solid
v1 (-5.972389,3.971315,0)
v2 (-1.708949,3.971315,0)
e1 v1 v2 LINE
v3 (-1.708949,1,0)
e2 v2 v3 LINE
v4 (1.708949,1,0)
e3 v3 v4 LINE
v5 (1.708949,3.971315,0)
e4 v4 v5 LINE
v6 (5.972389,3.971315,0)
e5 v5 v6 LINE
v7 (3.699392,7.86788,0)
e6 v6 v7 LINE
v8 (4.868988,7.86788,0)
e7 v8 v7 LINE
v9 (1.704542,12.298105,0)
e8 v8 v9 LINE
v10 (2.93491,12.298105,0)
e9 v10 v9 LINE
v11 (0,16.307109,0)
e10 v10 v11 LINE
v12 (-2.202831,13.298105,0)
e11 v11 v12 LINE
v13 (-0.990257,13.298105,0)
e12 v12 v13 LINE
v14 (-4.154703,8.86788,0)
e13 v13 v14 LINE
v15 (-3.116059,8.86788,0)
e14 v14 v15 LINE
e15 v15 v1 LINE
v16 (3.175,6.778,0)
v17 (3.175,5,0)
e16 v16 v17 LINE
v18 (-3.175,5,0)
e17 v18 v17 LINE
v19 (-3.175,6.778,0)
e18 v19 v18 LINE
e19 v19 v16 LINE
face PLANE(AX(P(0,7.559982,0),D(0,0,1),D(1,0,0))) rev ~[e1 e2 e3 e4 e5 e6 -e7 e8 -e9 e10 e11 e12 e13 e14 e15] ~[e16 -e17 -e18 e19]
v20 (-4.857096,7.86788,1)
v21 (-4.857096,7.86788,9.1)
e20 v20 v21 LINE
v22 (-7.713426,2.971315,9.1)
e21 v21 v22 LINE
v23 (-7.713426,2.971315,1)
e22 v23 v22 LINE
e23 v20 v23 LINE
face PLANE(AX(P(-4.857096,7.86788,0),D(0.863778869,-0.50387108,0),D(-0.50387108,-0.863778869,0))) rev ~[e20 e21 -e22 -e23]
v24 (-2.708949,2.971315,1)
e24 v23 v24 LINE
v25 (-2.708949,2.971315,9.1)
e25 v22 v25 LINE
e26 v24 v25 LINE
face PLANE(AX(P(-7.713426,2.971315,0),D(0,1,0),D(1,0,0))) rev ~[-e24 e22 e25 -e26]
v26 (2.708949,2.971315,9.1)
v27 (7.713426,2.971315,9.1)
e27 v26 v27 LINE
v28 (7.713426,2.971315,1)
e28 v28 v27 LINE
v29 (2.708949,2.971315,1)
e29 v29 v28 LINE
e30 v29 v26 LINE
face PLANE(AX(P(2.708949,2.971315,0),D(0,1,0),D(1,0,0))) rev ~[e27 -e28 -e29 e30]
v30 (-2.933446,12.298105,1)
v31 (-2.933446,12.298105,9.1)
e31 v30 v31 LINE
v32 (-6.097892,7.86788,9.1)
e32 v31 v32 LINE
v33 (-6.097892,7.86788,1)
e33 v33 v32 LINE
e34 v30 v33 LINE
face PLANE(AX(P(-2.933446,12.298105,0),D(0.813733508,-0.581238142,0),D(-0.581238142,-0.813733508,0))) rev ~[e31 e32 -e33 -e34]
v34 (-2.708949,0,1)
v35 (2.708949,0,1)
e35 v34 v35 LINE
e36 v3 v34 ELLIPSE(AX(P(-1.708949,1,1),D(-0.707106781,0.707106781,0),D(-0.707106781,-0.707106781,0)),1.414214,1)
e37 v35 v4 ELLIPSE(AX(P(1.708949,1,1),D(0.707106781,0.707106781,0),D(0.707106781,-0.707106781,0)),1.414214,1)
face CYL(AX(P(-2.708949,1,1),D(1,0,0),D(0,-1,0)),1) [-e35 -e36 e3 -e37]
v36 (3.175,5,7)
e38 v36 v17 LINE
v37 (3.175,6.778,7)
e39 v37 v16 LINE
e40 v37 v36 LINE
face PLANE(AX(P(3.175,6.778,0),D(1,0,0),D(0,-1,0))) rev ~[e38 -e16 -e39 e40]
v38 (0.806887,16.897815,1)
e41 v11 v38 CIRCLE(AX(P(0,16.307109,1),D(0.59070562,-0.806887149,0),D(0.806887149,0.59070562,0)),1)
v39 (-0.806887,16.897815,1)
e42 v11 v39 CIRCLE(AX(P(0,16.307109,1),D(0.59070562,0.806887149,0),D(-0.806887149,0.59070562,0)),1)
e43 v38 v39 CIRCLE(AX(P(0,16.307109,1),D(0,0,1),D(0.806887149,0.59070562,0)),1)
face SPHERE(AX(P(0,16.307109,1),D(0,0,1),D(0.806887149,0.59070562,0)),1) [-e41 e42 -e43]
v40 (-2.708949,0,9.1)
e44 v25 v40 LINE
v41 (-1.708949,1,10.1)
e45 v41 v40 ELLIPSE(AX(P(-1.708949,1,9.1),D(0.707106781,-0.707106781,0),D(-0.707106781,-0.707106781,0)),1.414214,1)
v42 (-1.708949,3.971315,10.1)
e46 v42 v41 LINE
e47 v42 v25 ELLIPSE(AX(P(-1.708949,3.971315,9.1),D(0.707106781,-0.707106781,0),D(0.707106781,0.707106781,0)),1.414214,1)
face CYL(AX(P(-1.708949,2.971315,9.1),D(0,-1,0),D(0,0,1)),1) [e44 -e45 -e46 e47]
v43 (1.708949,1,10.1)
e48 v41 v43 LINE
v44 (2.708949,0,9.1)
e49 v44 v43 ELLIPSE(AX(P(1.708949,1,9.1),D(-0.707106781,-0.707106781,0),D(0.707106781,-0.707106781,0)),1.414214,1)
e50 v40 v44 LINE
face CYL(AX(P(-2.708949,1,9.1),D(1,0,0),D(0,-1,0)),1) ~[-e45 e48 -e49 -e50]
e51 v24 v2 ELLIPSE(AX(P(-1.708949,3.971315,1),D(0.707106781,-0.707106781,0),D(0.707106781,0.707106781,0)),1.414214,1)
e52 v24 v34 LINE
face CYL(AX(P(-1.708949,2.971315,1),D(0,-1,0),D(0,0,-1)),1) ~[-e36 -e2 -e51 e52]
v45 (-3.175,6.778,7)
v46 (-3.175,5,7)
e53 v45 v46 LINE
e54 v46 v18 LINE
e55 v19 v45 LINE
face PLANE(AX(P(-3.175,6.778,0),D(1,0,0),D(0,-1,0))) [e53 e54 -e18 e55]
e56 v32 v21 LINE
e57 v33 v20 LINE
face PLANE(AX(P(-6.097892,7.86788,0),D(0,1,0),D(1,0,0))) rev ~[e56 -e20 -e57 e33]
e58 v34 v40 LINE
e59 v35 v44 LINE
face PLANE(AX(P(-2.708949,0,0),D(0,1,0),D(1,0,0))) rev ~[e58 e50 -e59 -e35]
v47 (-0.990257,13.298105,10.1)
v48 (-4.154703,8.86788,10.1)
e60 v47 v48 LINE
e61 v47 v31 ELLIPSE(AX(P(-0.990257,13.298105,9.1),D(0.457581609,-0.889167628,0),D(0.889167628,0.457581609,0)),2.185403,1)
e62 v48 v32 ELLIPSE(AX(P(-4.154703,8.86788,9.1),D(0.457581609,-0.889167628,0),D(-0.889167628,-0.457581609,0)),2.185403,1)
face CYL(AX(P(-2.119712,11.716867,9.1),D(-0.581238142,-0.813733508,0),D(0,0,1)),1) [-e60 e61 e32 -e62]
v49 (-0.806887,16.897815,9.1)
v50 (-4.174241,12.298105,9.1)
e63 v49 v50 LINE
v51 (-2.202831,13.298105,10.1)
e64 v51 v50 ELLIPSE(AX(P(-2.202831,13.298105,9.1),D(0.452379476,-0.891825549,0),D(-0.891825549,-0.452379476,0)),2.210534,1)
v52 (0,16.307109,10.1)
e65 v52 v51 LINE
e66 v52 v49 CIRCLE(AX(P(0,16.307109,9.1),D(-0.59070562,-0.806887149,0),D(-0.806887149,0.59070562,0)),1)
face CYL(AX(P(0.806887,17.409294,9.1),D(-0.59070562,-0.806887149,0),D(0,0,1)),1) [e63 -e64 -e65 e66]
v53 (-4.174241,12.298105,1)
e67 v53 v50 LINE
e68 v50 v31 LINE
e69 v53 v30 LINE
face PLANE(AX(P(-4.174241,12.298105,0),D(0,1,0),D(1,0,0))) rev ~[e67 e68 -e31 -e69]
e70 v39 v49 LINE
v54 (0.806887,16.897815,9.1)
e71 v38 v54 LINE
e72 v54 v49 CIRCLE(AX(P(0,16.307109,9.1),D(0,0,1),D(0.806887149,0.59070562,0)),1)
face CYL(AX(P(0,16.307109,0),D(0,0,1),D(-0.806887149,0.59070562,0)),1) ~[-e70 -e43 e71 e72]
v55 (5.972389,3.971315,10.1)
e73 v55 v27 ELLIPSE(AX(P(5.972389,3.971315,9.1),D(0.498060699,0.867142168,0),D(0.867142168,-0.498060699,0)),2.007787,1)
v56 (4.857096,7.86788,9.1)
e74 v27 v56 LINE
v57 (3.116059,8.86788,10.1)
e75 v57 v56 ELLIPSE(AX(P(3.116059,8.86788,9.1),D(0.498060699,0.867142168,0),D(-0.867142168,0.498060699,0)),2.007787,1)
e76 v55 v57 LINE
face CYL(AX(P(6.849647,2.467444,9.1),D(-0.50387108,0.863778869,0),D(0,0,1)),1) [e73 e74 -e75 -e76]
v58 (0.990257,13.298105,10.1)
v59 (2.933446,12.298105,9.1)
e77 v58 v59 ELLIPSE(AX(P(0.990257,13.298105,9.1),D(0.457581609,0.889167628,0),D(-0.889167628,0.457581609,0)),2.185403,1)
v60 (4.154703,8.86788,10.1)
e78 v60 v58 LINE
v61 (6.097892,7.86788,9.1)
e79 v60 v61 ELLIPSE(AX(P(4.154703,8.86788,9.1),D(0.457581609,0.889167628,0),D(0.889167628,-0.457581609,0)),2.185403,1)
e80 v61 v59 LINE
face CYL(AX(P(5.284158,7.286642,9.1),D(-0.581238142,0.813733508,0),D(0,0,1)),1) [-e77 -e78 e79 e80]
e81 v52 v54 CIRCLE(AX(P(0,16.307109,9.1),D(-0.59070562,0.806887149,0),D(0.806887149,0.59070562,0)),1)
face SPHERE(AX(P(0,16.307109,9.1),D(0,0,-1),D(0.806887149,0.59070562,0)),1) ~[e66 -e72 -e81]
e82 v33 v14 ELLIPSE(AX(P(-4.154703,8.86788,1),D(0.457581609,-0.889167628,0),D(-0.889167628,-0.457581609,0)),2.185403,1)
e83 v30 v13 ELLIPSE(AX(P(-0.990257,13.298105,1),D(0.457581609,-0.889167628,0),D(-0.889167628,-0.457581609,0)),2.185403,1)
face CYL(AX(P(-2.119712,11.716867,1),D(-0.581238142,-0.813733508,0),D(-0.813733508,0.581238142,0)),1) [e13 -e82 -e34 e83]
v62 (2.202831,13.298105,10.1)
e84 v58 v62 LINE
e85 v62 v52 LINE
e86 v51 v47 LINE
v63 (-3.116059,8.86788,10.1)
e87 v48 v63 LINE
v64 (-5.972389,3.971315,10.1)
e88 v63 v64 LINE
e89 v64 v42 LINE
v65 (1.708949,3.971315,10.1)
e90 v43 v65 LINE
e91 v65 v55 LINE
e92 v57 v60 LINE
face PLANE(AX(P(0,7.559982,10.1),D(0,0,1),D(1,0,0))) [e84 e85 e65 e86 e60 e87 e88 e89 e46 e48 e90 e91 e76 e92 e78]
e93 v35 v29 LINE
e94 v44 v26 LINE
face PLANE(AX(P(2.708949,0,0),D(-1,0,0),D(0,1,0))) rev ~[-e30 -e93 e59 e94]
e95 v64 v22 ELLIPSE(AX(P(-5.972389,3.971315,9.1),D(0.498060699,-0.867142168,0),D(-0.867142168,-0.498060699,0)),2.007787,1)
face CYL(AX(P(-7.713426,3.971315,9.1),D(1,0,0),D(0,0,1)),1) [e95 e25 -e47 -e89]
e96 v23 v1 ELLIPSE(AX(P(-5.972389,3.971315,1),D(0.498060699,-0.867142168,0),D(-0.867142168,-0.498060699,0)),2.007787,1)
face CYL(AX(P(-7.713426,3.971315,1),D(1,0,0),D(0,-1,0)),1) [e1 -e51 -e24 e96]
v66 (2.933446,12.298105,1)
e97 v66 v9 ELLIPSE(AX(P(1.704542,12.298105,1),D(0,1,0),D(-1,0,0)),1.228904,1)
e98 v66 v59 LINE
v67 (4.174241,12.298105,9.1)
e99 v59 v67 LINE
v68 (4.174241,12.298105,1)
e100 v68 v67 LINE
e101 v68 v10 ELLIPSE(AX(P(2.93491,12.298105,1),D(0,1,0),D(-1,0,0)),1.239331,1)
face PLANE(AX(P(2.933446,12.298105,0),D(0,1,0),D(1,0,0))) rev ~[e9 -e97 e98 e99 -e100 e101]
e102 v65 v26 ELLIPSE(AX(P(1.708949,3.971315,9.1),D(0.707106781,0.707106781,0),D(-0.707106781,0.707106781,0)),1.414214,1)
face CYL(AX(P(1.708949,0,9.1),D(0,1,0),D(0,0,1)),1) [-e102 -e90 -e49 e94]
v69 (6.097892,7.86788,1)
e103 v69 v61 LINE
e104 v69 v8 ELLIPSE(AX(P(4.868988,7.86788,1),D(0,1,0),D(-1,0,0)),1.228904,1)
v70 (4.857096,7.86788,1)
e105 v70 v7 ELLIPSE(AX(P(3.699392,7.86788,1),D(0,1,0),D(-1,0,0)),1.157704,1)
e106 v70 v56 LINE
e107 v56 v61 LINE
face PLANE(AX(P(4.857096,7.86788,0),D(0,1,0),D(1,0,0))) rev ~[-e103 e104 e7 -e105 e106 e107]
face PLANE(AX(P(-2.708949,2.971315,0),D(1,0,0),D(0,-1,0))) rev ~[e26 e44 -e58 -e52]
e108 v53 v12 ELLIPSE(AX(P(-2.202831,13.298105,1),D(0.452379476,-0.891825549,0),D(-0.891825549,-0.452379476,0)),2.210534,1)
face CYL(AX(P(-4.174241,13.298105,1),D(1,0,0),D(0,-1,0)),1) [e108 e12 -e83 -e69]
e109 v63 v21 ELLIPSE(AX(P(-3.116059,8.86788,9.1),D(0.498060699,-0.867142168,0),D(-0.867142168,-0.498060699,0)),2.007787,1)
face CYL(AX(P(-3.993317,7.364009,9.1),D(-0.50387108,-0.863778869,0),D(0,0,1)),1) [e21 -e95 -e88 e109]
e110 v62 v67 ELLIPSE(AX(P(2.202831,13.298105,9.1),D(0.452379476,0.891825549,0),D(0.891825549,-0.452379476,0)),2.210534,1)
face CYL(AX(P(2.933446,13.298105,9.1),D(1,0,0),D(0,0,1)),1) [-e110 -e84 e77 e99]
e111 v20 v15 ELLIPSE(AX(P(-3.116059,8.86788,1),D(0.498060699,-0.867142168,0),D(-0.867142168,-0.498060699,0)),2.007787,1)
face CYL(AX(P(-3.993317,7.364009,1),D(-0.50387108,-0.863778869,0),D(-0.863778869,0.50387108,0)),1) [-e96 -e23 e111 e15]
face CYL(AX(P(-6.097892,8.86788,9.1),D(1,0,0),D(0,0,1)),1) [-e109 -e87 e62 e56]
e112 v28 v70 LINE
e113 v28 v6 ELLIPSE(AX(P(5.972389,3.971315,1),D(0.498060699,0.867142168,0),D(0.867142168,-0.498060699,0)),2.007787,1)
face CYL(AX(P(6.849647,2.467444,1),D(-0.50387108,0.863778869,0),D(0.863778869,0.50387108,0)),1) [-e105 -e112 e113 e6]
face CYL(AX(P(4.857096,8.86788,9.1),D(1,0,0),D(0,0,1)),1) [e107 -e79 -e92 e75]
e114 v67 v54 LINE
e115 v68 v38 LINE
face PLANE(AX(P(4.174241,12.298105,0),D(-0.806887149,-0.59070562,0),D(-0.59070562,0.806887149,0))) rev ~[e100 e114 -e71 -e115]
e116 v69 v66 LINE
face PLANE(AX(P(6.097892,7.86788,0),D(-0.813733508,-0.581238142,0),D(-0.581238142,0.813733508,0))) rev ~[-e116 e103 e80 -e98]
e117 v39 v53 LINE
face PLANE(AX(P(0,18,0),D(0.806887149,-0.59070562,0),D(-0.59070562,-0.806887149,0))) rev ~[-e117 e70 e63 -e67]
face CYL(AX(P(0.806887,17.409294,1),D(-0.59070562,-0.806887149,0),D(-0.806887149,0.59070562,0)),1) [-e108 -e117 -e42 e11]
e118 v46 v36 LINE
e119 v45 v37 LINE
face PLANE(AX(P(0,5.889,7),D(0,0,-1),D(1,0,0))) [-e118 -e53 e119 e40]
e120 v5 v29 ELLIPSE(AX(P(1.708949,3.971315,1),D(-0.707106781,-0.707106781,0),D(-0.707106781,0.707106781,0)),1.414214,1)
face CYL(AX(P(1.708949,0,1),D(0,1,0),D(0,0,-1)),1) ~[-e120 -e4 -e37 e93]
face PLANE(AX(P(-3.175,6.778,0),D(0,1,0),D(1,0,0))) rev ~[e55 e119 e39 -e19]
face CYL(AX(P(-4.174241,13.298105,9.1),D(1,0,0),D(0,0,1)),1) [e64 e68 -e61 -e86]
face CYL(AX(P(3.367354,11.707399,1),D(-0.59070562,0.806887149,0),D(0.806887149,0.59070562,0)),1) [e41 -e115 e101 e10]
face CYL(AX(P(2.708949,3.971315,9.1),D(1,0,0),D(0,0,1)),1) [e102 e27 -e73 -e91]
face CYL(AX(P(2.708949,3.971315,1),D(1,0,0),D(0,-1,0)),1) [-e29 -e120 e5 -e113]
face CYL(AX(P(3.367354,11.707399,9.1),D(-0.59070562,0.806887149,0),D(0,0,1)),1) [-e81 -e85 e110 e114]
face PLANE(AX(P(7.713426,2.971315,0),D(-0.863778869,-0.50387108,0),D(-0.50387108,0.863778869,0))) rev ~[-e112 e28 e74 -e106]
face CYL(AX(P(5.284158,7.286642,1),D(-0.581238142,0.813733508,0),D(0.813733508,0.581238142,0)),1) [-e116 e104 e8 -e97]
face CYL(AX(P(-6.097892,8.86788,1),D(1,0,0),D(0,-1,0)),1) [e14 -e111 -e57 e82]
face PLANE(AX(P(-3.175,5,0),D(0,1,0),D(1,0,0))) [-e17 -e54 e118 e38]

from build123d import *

# Parameters (mm, degrees)
F1_DEPTH = 10.1
F2_W     = 6.35
F2_H     = 1.778
F3_DEPTH = 4.318
F4_DEPTH = 7
F6_R     = 1


with BuildPart() as f1:
    # F0 (on Top) → F1 (new body)
    with BuildSketch(Plane.XY):
        Polygon((-2.708949, 0), (0, 0), (2.708949, 0), (2.708949, 2.971315), (7.713426, 2.971315), (4.857096, 7.86788), (6.097892, 7.86788), (2.933446, 12.298105), (4.174241, 12.298105), (0, 18), (-4.174241, 12.298105), (-2.933446, 12.298105), (-6.097892, 7.86788), (-4.857096, 7.86788), (-7.713426, 2.971315), (-2.708949, 2.971315), align=None)
    extrude(amount=F1_DEPTH)

    # F2 (on face) → F3 (cut)
    with BuildSketch(Plane(origin=(0, 0, 0), x_dir=(1, 0, 0), z_dir=(0, 0, -1))):
        with Locations((0, -5.889)):
            Rectangle(F2_W, F2_H)
    extrude(amount=-F3_DEPTH, mode=Mode.SUBTRACT)

    # F2 (on face) → F4 (cut)
    with BuildSketch(Plane(origin=(0, 0, 0), x_dir=(1, 0, 0), z_dir=(0, 0, -1))):
        with Locations((0, -5.889)):
            Rectangle(F2_W, F2_H)
    extrude(amount=-F4_DEPTH, mode=Mode.SUBTRACT)

    # F6
    f6_edges = [f1.edges().sort_by_distance(p)[0] for p in [
        (0, 18, 5.05),
        (-6.285261, 5.419597, 10.1),
        (-5.211187, 2.971315, 10.1),
        (-2.708949, 1.485657, 10.1),
        (0, 0, 10.1),
        (2.708949, 1.485657, 10.1),
        (5.211187, 2.971315, 10.1),
        (6.285261, 5.419597, 10.1),
        (5.477494, 7.86788, 10.1),
        (4.515669, 10.082993, 10.1),
        (3.553843, 12.298105, 10.1),
        (2.087121, 15.149053, 10.1),
        (-2.087121, 15.149053, 10.1),
        (-3.553843, 12.298105, 10.1),
        (-4.515669, 10.082993, 10.1),
        (-5.477494, 7.86788, 10.1),
        (4.515669, 10.082993, 0),
        (2.087121, 15.149053, 0),
        (-2.087121, 15.149053, 0),
        (-4.515669, 10.082993, 0),
        (-3.553843, 12.298105, 0),
        (-6.285261, 5.419597, 0),
        (-5.477494, 7.86788, 0),
        (-5.211187, 2.971315, 0),
        (-2.708949, 1.485657, 0),
        (0, 0, 0),
        (2.708949, 1.485657, 0),
        (5.211187, 2.971315, 0),
        (6.285261, 5.419597, 0),
    ]]
    fillet(f6_edges, radius=F6_R)


solid = f1.part
